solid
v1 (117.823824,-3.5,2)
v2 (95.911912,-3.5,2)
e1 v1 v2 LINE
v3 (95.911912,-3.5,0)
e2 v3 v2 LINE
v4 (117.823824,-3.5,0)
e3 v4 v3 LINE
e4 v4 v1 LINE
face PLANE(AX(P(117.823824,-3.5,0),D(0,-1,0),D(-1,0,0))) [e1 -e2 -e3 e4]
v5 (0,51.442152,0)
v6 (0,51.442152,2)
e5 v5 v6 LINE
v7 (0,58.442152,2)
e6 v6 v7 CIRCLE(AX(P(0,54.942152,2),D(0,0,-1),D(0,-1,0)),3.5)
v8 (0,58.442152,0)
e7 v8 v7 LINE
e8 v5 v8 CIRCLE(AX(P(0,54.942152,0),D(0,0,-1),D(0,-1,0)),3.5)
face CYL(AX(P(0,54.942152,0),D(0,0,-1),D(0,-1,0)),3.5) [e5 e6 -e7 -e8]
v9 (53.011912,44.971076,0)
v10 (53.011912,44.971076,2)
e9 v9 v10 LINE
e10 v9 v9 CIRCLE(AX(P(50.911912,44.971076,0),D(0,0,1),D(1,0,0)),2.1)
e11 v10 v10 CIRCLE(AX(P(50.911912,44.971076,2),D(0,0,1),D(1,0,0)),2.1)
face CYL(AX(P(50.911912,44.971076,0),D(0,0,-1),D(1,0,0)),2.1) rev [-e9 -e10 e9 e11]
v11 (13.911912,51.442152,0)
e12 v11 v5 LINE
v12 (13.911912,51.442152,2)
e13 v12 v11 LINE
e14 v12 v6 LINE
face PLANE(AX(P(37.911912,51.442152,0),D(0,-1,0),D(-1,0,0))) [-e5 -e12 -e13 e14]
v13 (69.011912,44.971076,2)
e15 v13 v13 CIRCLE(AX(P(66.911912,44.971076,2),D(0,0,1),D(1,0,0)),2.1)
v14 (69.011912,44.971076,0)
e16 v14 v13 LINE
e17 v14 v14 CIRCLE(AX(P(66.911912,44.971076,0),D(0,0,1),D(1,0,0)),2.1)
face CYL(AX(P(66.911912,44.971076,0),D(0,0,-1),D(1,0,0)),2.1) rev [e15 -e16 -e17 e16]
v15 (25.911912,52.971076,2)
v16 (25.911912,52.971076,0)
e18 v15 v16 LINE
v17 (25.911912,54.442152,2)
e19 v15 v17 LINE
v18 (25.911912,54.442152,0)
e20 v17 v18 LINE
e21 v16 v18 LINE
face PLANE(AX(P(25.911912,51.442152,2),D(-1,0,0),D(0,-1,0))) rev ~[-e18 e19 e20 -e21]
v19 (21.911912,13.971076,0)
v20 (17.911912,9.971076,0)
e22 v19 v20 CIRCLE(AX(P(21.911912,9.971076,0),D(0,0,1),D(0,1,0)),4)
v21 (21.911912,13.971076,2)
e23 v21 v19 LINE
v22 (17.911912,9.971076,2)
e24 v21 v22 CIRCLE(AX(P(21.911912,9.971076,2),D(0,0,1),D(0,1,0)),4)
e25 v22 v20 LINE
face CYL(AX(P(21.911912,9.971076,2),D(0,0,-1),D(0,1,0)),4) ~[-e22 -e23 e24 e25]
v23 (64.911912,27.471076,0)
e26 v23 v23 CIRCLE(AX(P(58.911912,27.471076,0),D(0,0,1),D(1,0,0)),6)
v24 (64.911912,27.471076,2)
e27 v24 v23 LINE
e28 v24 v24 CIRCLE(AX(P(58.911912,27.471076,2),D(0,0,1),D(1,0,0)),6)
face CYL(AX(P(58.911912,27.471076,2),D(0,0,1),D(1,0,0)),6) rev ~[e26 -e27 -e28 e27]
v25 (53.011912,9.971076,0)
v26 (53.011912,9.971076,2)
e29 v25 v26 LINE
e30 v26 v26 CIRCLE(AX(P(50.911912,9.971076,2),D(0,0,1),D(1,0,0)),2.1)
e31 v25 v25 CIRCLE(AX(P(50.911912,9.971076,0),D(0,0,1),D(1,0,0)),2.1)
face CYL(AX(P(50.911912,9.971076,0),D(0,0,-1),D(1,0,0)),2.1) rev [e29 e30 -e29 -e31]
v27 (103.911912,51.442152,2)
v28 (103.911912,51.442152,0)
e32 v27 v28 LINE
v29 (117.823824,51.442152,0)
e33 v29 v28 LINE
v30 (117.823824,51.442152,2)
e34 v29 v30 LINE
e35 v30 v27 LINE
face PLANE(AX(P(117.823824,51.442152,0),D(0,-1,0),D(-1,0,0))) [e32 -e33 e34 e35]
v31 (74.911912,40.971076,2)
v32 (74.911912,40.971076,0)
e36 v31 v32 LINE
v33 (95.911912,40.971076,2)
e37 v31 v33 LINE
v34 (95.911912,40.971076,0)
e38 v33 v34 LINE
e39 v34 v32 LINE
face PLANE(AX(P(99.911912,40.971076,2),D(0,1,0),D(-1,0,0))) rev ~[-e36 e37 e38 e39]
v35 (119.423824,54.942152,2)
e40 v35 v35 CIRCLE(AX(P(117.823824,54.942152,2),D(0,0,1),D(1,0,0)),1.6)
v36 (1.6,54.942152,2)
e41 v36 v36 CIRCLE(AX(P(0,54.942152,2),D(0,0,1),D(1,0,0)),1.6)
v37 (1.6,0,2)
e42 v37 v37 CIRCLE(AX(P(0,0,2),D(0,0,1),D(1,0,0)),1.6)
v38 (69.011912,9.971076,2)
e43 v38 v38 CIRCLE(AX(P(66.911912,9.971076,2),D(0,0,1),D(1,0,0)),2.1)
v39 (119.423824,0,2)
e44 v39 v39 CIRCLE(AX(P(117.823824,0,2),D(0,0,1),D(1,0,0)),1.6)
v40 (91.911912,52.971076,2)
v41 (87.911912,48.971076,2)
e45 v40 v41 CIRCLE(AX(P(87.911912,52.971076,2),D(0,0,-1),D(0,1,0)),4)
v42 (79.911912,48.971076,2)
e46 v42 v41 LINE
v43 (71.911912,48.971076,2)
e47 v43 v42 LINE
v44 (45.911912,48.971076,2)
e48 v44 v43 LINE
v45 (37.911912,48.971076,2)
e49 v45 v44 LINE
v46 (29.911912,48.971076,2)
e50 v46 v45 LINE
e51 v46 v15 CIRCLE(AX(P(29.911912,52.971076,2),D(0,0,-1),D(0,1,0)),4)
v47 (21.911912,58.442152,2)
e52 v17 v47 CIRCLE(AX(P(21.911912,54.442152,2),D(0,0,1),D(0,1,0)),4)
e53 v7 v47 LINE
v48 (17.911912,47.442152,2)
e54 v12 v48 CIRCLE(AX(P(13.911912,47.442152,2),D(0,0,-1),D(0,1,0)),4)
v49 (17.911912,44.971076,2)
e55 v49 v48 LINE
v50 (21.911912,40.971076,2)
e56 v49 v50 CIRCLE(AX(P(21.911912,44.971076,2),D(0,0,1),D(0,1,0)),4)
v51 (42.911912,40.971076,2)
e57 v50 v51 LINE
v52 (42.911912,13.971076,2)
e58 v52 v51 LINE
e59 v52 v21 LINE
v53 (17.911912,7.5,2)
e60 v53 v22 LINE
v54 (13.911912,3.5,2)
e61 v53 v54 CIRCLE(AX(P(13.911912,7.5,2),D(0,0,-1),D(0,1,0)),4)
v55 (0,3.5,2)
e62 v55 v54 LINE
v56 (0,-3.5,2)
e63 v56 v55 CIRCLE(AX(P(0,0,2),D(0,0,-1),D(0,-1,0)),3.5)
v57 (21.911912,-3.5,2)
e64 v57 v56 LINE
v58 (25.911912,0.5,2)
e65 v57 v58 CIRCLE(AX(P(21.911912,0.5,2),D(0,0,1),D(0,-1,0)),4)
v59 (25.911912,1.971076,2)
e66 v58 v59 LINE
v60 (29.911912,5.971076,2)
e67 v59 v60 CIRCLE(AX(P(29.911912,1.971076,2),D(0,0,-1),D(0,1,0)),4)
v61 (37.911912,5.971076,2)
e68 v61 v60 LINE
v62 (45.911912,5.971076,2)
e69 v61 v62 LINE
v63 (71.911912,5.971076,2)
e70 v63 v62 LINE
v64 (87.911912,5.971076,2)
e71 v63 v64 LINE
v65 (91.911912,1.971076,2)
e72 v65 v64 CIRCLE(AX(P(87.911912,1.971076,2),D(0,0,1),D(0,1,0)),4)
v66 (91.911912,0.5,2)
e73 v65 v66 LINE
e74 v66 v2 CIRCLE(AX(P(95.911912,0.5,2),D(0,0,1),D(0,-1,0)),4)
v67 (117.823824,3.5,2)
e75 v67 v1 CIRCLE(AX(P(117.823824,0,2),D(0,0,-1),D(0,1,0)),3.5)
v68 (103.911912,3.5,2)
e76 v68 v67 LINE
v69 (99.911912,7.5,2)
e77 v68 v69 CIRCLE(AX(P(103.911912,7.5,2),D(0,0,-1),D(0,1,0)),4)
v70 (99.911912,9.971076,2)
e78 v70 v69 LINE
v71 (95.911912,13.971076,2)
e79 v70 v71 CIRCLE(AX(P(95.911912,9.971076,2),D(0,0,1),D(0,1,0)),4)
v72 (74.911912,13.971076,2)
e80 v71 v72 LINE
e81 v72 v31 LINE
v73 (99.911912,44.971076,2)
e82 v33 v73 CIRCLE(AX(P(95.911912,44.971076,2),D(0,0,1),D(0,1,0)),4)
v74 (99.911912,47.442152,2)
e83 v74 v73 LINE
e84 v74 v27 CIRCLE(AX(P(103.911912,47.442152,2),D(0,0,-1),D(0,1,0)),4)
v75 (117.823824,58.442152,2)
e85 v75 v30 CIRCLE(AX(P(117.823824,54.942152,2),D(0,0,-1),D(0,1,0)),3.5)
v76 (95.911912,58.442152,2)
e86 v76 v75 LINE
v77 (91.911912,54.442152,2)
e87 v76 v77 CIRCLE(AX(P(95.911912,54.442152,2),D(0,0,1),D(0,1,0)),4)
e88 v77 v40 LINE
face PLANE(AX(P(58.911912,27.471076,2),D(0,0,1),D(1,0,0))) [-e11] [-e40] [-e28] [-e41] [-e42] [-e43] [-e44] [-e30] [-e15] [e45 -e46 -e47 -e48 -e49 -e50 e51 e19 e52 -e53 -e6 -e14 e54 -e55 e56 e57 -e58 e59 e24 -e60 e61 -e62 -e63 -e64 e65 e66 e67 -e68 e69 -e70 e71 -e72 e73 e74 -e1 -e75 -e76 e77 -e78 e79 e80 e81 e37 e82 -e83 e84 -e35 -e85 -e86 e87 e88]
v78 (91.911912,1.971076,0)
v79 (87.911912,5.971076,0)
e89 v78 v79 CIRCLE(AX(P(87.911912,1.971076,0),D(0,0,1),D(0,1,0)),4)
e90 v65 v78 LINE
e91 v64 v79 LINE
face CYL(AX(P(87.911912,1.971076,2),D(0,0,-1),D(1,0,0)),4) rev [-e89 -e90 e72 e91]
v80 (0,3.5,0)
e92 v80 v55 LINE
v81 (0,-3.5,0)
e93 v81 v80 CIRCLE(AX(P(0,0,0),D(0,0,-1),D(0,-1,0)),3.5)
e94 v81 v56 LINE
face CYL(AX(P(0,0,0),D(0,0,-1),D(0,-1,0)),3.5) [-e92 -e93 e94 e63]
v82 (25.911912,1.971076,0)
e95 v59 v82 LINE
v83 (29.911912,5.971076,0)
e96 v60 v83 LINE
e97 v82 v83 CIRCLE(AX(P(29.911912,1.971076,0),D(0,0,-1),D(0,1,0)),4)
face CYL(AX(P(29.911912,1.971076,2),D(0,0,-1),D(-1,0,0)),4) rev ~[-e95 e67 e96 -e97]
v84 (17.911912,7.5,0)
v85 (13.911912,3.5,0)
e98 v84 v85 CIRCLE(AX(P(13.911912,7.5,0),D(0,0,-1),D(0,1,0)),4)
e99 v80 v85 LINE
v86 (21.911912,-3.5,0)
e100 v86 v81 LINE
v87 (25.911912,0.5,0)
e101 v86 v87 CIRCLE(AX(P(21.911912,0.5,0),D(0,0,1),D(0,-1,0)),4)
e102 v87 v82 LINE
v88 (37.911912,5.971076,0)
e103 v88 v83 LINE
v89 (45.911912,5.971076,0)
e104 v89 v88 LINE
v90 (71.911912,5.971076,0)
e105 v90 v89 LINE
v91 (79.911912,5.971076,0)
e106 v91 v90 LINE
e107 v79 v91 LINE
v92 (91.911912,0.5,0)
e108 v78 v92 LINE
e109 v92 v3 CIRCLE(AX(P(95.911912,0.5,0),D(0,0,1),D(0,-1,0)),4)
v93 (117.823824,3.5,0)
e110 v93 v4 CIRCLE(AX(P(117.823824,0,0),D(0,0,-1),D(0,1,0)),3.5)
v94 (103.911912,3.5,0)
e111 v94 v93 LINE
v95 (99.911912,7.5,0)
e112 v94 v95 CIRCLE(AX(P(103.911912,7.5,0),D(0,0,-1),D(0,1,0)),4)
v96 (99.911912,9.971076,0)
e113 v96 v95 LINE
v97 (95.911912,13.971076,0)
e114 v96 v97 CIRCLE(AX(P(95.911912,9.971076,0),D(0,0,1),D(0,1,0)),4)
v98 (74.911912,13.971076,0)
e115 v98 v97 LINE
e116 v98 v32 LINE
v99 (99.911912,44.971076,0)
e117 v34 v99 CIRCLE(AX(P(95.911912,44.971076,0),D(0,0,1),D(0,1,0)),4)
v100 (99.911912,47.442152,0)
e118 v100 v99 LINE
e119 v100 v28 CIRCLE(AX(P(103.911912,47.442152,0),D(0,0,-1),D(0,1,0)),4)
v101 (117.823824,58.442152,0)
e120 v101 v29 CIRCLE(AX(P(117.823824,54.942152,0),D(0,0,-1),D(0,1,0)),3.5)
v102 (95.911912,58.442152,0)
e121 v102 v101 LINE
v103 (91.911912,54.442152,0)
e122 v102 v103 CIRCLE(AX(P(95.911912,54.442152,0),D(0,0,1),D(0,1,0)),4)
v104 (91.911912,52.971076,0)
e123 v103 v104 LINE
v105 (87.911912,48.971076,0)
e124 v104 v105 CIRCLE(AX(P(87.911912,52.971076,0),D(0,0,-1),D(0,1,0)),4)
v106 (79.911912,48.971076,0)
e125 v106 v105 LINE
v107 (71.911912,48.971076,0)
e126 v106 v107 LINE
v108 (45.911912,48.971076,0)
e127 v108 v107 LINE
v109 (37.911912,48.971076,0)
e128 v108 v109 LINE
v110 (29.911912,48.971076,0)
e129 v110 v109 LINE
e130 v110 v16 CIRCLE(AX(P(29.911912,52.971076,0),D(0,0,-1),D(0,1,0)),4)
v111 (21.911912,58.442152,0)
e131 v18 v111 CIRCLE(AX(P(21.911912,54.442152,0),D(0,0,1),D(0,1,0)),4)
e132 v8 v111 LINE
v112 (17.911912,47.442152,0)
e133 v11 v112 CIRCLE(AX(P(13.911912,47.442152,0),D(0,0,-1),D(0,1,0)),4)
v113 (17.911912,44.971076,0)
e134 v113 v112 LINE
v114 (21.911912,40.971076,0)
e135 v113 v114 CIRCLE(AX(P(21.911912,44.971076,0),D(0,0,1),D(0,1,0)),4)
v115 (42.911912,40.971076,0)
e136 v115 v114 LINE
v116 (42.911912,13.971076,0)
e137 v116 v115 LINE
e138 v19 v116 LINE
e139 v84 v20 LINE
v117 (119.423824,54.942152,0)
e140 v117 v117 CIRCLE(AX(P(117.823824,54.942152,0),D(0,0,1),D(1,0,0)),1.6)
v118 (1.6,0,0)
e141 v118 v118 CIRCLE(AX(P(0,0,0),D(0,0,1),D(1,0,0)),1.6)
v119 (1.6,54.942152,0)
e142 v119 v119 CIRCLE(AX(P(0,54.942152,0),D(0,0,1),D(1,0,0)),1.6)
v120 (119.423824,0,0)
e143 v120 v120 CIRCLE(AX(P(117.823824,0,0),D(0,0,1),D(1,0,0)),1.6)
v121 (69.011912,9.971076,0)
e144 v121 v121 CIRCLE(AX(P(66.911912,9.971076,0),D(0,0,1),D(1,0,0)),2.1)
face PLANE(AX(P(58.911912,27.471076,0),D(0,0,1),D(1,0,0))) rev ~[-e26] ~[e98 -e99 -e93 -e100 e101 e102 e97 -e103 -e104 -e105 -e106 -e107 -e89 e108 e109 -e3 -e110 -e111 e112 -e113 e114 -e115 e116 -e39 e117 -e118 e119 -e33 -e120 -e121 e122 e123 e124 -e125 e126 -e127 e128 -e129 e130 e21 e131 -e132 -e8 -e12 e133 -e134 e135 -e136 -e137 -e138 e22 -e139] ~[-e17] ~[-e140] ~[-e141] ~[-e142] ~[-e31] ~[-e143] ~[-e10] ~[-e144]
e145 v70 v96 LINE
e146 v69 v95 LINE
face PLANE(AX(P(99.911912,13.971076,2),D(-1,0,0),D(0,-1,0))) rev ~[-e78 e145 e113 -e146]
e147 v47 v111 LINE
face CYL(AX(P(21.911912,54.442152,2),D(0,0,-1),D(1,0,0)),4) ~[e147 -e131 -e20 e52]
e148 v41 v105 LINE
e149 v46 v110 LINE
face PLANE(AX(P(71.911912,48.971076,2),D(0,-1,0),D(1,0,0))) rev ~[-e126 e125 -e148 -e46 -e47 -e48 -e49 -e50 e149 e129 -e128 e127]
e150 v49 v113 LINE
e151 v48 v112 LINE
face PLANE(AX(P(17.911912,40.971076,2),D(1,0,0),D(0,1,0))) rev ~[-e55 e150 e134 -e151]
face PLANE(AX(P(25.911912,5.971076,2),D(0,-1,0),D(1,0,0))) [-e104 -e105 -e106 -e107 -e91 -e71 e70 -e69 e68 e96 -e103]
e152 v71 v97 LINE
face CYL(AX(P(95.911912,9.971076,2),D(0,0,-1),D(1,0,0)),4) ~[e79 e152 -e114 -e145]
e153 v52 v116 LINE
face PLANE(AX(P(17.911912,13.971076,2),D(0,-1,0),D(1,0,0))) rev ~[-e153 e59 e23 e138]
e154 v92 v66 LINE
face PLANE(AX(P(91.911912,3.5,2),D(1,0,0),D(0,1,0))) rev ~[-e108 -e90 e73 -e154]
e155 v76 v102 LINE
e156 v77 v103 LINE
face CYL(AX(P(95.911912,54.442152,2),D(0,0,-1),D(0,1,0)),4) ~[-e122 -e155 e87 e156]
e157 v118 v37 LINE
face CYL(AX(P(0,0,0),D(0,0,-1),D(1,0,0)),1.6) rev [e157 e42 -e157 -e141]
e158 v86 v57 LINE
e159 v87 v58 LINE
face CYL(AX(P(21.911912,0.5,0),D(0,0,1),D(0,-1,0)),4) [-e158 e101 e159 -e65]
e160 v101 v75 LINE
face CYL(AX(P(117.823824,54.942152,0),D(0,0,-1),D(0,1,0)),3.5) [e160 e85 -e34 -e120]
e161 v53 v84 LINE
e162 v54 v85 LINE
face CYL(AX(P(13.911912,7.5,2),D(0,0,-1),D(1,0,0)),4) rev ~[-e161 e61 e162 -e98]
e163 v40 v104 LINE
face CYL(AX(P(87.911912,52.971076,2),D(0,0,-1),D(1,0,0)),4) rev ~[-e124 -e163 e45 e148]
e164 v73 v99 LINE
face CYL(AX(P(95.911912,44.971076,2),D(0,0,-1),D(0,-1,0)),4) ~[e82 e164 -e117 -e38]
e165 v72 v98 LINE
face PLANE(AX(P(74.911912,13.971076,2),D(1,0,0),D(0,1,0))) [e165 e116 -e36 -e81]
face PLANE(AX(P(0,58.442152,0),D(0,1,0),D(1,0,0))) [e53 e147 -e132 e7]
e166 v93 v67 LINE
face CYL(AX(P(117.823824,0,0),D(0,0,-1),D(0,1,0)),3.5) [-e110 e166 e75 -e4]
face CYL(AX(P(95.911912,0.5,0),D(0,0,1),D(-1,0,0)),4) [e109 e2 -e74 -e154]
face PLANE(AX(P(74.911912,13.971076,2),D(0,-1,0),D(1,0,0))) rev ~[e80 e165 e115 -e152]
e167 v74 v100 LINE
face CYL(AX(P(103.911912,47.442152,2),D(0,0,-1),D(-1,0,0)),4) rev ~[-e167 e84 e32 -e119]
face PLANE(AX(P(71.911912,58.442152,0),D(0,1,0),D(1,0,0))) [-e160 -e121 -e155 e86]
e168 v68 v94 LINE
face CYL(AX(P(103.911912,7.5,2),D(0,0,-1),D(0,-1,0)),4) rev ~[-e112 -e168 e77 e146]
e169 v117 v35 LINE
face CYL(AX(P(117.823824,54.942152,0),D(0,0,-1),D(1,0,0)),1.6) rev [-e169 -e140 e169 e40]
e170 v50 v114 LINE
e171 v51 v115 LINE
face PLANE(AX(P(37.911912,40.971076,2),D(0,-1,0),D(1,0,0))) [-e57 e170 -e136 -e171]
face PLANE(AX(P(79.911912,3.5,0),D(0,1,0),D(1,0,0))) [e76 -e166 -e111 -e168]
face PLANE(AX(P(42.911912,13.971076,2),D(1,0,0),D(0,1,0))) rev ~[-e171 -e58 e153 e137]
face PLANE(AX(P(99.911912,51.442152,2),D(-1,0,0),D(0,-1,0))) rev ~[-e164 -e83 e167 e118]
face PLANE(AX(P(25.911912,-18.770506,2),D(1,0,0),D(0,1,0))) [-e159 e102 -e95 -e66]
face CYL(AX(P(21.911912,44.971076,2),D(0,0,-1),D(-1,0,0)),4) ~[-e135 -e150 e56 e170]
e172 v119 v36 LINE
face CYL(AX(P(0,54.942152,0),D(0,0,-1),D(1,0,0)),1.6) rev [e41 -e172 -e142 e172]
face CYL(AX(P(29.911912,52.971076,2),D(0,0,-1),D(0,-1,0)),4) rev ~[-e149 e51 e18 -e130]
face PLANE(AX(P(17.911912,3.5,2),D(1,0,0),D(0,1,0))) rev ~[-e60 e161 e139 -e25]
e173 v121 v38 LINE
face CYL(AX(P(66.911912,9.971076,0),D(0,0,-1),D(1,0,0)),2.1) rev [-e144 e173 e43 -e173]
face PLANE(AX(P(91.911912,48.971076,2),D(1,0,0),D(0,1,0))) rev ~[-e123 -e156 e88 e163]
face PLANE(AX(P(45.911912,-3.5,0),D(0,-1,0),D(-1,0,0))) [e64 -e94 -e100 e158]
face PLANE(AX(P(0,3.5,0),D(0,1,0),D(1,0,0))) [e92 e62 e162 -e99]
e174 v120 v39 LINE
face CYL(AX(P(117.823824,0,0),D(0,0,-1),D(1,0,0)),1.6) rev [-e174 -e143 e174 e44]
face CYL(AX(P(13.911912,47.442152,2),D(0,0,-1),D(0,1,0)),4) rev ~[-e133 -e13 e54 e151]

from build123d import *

# Parameters (mm, degrees)
SKETCH1_R           = 1.6
SKETCH1_R_2         = 2.1
BOSS_EXTRUDE3_DEPTH = 2
BOSS_EXTRUDE4_DEPTH = 2
SKETCH4_W           = 66
SKETCH4_H           = 16.340111315
SKETCH4_H_2         = 24.741581589
CUT_EXTRUDE3_DEPTH  = 14.5
FILLET1_R           = 4
SKETCH5_W           = 26
SKETCH5_H           = 27
SKETCH5_R           = 6
BOSS_EXTRUDE5_DEPTH = 2
SKETCH6_W           = 5
SKETCH6_H           = 27
CUT_EXTRUDE4_DEPTH  = 14.5


with BuildPart() as part:
    # Sketch1 → Boss-Extrude3 (new body)
    with BuildSketch(Plane.XY):
        with BuildLine():
            Line((0, 3.5), (37.911912125, 3.5))
            Line((37.911912125, 3.5), (37.911912125, 13.97107578))
            Line((37.911912125, 13.97107578), (37.911912125, 40.97107578))
            Line((37.911912125, 40.97107578), (37.911912125, 51.44215156))
            Line((37.911912125, 51.44215156), (0, 51.44215156))
            ThreePointArc((0, 51.44215156), (-3.5, 54.94215156), (0, 58.44215156))
            Line((0, 58.44215156), (45.911912125, 58.44215156))
            Line((45.911912125, 58.44215156), (45.911912125, 51.44215156))
            Line((45.911912125, 51.44215156), (45.911912125, 48.97107578))
            Line((45.911912125, 48.97107578), (50.911912125, 48.97107578))
            Line((50.911912125, 48.97107578), (66.911912125, 48.97107578))
            Line((66.911912125, 48.97107578), (71.911912125, 48.97107578))
            Line((71.911912125, 48.97107578), (71.911912125, 51.44215156))
            Line((71.911912125, 51.44215156), (71.911912125, 58.44215156))
            Line((71.911912125, 58.44215156), (117.82382425, 58.44215156))
            ThreePointArc((117.82382425, 58.44215156), (121.32382425, 54.94215156), (117.82382425, 51.44215156))
            Line((117.82382425, 51.44215156), (79.911912125, 51.44215156))
            Line((79.911912125, 51.44215156), (79.911912125, 40.97107578))
            Line((79.911912125, 40.97107578), (79.911912125, 13.97107578))
            Line((79.911912125, 13.97107578), (79.911912125, 3.5))
            Line((79.911912125, 3.5), (117.82382425, 3.5))
            ThreePointArc((117.82382425, 3.5), (121.32382425, 0), (117.82382425, -3.5))
            Line((117.82382425, -3.5), (71.911912125, -3.5))
            Line((71.911912125, -3.5), (71.911912125, 3.5))
            Line((71.911912125, 3.5), (71.911912125, 5.97107578))
            Line((71.911912125, 5.97107578), (66.911912125, 5.97107578))
            Line((66.911912125, 5.97107578), (50.911912125, 5.97107578))
            Line((50.911912125, 5.97107578), (45.911912125, 5.97107578))
            Line((45.911912125, 5.97107578), (45.911912125, 3.5))
            Line((45.911912125, 3.5), (45.911912125, -3.5))
            Line((45.911912125, -3.5), (0, -3.5))
            ThreePointArc((0, -3.5), (-3.5, 0), (0, 3.5))
        make_face()
        with Locations((0, 54.94215156)):
            Circle(SKETCH1_R, mode=Mode.SUBTRACT)
        with Locations((117.82382425, 54.94215156)):
            Circle(SKETCH1_R, mode=Mode.SUBTRACT)
        with Locations((117.82382425, 0)):
            Circle(SKETCH1_R, mode=Mode.SUBTRACT)
        Circle(SKETCH1_R, mode=Mode.SUBTRACT)
        with Locations((66.911912125, 44.97107578)):
            Circle(SKETCH1_R_2, mode=Mode.SUBTRACT)
        with Locations((66.911912125, 9.97107578)):
            Circle(SKETCH1_R_2, mode=Mode.SUBTRACT)
        with Locations((50.911912125, 9.97107578)):
            Circle(SKETCH1_R_2, mode=Mode.SUBTRACT)
        with Locations((50.911912125, 44.97107578)):
            Circle(SKETCH1_R_2, mode=Mode.SUBTRACT)
        Polygon((66.911912125, 40.97107578), (50.911912125, 40.97107578), (45.911912125, 40.97107578), (45.911912125, 27.47107578), (45.911912125, 13.97107578), (50.911912125, 13.97107578), (66.911912125, 13.97107578), (71.911912125, 13.97107578), (71.911912125, 27.47107578), (71.911912125, 40.97107578), align=None, mode=Mode.SUBTRACT)
    extrude(amount=BOSS_EXTRUDE3_DEPTH)

    # Sketch3 → Boss-Extrude4 (add)
    with BuildSketch(Plane.XY.offset(2)):
        Polygon((71.911912125, 13.97107578), (99.911912125, 13.97107578), (99.911912125, 3.5), (91.911912125, 3.5), (91.911912125, 5.97107578), (71.911912125, 5.97107578), align=None)
        Polygon((91.911912125, 51.44215156), (99.911912125, 51.44215156), (99.911912125, 40.97107578), (71.911912125, 40.97107578), (71.911912125, 48.97107578), (91.911912125, 48.97107578), align=None)
        Polygon((45.911912125, 40.97107578), (17.911912125, 40.97107578), (17.911912125, 51.44215156), (25.911912125, 51.44215156), (25.911912125, 48.97107578), (45.911912125, 48.97107578), align=None)
        Polygon((25.911912125, 3.5), (17.911912125, 3.5), (17.911912125, 13.97107578), (45.911912125, 13.97107578), (45.911912125, 5.97107578), (25.911912125, 5.97107578), align=None)
    extrude(amount=-BOSS_EXTRUDE4_DEPTH)

    # Sketch4 → Cut-Extrude3 (cut)
    with BuildSketch(Plane.XY.offset(2)):
        with Locations((58.911912125, 57.141131438)):
            Rectangle(SKETCH4_W, SKETCH4_H)
        with Locations((58.911912125, -6.399715014)):
            Rectangle(SKETCH4_W, SKETCH4_H_2)
    extrude(amount=-CUT_EXTRUDE3_DEPTH, mode=Mode.SUBTRACT)

    # Fillet1
    fillet1_edges = [part.edges().sort_by_distance(p)[0] for p in [
        (99.911912125, 13.97107578, 1),
        (99.911912125, 3.5, 1),
        (91.911912125, 5.97107578, 1),
        (91.911912125, 48.97107578, 1),
        (99.911912125, 51.44215156, 1),
        (99.911912125, 40.97107578, 1),
        (17.911912125, 40.97107578, 1),
        (17.911912125, 51.44215156, 1),
        (25.911912125, 48.97107578, 1),
        (25.911912125, 5.97107578, 1),
        (17.911912125, 3.5, 1),
        (17.911912125, 13.97107578, 1),
        (91.911912125, 58.44215156, 1),
        (25.911912125, 58.44215156, 1),
        (91.911912125, -3.5, 1),
        (25.911912125, -3.5, 1),
    ]]
    fillet(fillet1_edges, radius=FILLET1_R)

    # Sketch5 → Boss-Extrude5 (add)
    with BuildSketch(Plane.XY.offset(2)):
        with Locations((58.911912125, 27.47107578)):
            Rectangle(SKETCH5_W, SKETCH5_H)
        with Locations((58.911912125, 27.47107578)):
            Circle(SKETCH5_R, mode=Mode.SUBTRACT)
    extrude(amount=-BOSS_EXTRUDE5_DEPTH)

    # Sketch6 → Cut-Extrude4 (cut)
    with BuildSketch(Plane.XY.offset(2)):
        with Locations((40.411912125, 27.47107578)):
            Rectangle(SKETCH6_W, SKETCH6_H)
        with Locations((77.411912125, 27.47107578)):
            Rectangle(SKETCH6_W, SKETCH6_H)
    extrude(amount=-CUT_EXTRUDE4_DEPTH, mode=Mode.SUBTRACT)


solid = part.part
